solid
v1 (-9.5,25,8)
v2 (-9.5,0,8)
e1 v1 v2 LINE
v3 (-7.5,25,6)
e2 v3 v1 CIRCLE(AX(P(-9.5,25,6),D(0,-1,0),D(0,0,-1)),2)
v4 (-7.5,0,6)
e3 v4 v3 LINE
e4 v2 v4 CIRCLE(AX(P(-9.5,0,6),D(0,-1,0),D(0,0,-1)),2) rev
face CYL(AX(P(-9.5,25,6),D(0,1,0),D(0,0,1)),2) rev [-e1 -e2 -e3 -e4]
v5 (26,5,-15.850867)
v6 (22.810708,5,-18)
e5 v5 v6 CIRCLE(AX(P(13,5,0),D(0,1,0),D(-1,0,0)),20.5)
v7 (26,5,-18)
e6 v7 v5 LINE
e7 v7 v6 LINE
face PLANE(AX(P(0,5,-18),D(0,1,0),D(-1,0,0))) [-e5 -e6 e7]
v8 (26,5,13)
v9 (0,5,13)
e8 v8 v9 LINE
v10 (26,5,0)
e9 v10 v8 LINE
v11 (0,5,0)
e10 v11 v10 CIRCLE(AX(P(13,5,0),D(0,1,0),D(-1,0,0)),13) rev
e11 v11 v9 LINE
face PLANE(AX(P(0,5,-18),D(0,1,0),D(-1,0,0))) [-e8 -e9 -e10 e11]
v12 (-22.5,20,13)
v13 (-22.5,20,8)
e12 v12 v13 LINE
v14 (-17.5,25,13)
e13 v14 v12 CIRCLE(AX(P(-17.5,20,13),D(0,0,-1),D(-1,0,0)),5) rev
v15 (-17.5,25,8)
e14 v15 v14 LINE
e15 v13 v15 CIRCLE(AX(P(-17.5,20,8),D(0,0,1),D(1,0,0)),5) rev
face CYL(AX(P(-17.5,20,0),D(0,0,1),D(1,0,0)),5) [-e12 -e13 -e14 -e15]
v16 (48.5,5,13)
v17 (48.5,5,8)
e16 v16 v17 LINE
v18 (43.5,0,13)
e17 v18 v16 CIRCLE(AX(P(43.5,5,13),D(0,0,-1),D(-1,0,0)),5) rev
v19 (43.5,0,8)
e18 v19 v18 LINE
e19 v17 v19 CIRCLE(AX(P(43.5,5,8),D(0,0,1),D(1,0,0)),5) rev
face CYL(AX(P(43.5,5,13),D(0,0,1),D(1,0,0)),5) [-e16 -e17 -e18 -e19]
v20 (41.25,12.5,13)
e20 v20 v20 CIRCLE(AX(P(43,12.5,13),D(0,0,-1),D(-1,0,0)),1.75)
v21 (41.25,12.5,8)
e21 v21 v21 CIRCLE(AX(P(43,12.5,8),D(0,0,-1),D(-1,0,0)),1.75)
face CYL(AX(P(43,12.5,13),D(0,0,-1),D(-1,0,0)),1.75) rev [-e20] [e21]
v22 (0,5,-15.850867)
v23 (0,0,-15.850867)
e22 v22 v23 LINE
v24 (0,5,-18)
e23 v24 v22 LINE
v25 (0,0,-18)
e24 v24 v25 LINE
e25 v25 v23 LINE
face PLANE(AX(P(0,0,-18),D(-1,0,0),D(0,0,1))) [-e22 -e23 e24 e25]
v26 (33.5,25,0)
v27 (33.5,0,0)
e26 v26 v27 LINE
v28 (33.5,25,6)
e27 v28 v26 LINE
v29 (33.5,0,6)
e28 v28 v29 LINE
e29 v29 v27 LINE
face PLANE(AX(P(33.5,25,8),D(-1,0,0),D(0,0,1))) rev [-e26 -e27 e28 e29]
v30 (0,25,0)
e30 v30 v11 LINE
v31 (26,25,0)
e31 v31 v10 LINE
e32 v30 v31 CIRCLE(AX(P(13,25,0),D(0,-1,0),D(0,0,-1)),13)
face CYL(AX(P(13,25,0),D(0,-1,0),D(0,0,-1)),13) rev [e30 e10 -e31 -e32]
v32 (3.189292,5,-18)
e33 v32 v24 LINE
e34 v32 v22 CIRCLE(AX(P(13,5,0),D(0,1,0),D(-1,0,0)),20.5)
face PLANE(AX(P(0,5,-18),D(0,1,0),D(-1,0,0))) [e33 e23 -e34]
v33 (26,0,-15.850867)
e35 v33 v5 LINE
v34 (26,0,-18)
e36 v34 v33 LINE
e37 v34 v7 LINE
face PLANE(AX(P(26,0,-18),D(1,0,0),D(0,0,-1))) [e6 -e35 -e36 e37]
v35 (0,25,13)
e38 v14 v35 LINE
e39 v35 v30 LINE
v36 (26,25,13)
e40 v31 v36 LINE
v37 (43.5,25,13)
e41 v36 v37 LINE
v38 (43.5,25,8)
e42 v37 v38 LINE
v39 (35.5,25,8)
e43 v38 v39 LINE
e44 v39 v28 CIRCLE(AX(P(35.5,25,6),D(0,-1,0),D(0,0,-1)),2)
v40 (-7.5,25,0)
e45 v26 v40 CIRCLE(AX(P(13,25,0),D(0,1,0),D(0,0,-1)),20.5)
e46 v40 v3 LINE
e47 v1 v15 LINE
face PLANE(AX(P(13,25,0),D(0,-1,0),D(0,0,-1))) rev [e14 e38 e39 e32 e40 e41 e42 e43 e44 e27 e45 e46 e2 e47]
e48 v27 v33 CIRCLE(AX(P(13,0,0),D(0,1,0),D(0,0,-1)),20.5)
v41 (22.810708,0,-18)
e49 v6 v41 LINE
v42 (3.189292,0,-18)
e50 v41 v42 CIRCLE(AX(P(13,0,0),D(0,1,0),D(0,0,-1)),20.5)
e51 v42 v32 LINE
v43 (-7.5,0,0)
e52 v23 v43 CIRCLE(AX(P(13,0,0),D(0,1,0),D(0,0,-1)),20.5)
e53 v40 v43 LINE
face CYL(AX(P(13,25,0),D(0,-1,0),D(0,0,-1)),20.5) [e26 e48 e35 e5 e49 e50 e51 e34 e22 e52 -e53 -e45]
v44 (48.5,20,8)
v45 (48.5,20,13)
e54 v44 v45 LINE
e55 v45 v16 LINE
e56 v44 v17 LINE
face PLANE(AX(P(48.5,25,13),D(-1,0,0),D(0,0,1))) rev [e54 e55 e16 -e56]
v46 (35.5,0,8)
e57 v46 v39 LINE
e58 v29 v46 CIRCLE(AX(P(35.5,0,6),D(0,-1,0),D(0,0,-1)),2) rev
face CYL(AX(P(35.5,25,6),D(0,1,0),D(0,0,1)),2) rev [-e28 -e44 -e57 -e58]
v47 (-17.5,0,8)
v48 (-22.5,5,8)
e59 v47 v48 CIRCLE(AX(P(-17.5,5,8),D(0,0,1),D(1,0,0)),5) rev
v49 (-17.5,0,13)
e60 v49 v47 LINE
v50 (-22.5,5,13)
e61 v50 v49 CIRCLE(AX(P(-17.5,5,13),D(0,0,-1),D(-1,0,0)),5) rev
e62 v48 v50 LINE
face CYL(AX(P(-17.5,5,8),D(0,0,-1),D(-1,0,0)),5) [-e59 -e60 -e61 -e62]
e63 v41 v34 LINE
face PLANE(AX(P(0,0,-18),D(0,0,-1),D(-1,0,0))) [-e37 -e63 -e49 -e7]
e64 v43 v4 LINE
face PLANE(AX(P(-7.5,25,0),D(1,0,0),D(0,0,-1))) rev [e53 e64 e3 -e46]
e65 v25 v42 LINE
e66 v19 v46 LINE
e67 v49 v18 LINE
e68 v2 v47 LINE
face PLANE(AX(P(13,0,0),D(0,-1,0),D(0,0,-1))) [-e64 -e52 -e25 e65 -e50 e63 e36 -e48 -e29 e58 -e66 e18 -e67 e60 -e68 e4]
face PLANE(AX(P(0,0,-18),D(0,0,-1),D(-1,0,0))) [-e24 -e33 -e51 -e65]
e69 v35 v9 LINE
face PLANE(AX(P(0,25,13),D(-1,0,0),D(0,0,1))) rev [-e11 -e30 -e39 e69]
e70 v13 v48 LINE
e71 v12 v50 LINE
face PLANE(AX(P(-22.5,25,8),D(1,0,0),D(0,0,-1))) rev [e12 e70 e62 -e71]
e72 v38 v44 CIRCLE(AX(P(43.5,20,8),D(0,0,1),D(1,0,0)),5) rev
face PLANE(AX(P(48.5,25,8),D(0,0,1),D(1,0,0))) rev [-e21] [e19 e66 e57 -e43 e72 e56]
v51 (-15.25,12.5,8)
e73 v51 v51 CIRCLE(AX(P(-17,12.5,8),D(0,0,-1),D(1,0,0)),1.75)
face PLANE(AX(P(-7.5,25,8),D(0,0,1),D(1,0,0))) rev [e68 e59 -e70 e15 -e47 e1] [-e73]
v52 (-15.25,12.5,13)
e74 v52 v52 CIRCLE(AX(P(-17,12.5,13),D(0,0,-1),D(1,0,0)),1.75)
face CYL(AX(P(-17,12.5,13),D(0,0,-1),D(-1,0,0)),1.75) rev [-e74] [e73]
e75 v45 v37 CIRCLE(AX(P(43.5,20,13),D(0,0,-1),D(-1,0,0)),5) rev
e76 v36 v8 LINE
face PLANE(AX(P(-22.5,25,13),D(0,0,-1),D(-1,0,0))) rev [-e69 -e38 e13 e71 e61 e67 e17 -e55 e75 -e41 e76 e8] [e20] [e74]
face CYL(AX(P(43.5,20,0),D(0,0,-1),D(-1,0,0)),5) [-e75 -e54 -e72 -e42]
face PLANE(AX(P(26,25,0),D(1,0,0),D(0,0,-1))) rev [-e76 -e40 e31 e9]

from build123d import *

# Parameters (mm, degrees)
BOSS_EXTRUDE1_DEPTH = 25
SKETCH4_R           = 1.75
CUT_EXTRUDE1_DEPTH  = 6
FILLET1_R           = 5
FILLET2_R           = 2
SKETCH5_W           = 26
SKETCH5_H           = 5
BOSS_EXTRUDE2_DEPTH = 31


with BuildPart() as part:
    # Sketch1 → Boss-Extrude1 (new body)
    with BuildSketch(Plane(origin=(0, 0, 0), x_dir=(1, 0, 0), z_dir=(0, 1, 0))):
        with BuildLine():
            Line((-7.5, 0), (-7.5, -8))
            Line((-7.5, -8), (-22.5, -8))
            Line((-22.5, -8), (-22.5, -13))
            Line((-22.5, -13), (0, -13))
            Line((0, -13), (0, 0))
            ThreePointArc((0, 0), (13, 13), (26, 0))
            Line((26, 0), (26, -13))
            Line((26, -13), (48.5, -13))
            Line((48.5, -13), (48.5, -8))
            Line((48.5, -8), (33.5, -8))
            Line((33.5, -8), (33.5, 0))
            ThreePointArc((33.5, 0), (13, 20.5), (-7.5, 0))
        make_face()
    extrude(amount=BOSS_EXTRUDE1_DEPTH)

    # Sketch4 → Cut-Extrude1 (cut, through all)
    with BuildSketch(Plane(origin=(0, 0, 8), x_dir=(-1, 0, 0), z_dir=(0, 0, -1))):
        with Locations((-43, 12.5)):
            Circle(SKETCH4_R)
        with Locations((17, 12.5)):
            Circle(SKETCH4_R)
    extrude(amount=-CUT_EXTRUDE1_DEPTH, mode=Mode.SUBTRACT)

    # Fillet1
    fillet1_edges = [part.edges().sort_by_distance(p)[0] for p in [
        (-22.5, 0, 10.5),
        (48.5, 0, 10.5),
        (48.5, 25, 10.5),
        (-22.5, 25, 10.5),
    ]]
    fillet(fillet1_edges, radius=FILLET1_R)

    # Fillet2
    fillet2_edges = [part.edges().sort_by_distance(p)[0] for p in [
        (-7.5, 12.5, 8),
        (33.5, 12.5, 8),
    ]]
    fillet(fillet2_edges, radius=FILLET2_R)

    # Sketch5 → Boss-Extrude2 (add)
    with BuildSketch(Plane.XY.offset(13)):
        with Locations((13, 2.5)):
            Rectangle(SKETCH5_W, SKETCH5_H)
    extrude(amount=-BOSS_EXTRUDE2_DEPTH)


solid = part.part
